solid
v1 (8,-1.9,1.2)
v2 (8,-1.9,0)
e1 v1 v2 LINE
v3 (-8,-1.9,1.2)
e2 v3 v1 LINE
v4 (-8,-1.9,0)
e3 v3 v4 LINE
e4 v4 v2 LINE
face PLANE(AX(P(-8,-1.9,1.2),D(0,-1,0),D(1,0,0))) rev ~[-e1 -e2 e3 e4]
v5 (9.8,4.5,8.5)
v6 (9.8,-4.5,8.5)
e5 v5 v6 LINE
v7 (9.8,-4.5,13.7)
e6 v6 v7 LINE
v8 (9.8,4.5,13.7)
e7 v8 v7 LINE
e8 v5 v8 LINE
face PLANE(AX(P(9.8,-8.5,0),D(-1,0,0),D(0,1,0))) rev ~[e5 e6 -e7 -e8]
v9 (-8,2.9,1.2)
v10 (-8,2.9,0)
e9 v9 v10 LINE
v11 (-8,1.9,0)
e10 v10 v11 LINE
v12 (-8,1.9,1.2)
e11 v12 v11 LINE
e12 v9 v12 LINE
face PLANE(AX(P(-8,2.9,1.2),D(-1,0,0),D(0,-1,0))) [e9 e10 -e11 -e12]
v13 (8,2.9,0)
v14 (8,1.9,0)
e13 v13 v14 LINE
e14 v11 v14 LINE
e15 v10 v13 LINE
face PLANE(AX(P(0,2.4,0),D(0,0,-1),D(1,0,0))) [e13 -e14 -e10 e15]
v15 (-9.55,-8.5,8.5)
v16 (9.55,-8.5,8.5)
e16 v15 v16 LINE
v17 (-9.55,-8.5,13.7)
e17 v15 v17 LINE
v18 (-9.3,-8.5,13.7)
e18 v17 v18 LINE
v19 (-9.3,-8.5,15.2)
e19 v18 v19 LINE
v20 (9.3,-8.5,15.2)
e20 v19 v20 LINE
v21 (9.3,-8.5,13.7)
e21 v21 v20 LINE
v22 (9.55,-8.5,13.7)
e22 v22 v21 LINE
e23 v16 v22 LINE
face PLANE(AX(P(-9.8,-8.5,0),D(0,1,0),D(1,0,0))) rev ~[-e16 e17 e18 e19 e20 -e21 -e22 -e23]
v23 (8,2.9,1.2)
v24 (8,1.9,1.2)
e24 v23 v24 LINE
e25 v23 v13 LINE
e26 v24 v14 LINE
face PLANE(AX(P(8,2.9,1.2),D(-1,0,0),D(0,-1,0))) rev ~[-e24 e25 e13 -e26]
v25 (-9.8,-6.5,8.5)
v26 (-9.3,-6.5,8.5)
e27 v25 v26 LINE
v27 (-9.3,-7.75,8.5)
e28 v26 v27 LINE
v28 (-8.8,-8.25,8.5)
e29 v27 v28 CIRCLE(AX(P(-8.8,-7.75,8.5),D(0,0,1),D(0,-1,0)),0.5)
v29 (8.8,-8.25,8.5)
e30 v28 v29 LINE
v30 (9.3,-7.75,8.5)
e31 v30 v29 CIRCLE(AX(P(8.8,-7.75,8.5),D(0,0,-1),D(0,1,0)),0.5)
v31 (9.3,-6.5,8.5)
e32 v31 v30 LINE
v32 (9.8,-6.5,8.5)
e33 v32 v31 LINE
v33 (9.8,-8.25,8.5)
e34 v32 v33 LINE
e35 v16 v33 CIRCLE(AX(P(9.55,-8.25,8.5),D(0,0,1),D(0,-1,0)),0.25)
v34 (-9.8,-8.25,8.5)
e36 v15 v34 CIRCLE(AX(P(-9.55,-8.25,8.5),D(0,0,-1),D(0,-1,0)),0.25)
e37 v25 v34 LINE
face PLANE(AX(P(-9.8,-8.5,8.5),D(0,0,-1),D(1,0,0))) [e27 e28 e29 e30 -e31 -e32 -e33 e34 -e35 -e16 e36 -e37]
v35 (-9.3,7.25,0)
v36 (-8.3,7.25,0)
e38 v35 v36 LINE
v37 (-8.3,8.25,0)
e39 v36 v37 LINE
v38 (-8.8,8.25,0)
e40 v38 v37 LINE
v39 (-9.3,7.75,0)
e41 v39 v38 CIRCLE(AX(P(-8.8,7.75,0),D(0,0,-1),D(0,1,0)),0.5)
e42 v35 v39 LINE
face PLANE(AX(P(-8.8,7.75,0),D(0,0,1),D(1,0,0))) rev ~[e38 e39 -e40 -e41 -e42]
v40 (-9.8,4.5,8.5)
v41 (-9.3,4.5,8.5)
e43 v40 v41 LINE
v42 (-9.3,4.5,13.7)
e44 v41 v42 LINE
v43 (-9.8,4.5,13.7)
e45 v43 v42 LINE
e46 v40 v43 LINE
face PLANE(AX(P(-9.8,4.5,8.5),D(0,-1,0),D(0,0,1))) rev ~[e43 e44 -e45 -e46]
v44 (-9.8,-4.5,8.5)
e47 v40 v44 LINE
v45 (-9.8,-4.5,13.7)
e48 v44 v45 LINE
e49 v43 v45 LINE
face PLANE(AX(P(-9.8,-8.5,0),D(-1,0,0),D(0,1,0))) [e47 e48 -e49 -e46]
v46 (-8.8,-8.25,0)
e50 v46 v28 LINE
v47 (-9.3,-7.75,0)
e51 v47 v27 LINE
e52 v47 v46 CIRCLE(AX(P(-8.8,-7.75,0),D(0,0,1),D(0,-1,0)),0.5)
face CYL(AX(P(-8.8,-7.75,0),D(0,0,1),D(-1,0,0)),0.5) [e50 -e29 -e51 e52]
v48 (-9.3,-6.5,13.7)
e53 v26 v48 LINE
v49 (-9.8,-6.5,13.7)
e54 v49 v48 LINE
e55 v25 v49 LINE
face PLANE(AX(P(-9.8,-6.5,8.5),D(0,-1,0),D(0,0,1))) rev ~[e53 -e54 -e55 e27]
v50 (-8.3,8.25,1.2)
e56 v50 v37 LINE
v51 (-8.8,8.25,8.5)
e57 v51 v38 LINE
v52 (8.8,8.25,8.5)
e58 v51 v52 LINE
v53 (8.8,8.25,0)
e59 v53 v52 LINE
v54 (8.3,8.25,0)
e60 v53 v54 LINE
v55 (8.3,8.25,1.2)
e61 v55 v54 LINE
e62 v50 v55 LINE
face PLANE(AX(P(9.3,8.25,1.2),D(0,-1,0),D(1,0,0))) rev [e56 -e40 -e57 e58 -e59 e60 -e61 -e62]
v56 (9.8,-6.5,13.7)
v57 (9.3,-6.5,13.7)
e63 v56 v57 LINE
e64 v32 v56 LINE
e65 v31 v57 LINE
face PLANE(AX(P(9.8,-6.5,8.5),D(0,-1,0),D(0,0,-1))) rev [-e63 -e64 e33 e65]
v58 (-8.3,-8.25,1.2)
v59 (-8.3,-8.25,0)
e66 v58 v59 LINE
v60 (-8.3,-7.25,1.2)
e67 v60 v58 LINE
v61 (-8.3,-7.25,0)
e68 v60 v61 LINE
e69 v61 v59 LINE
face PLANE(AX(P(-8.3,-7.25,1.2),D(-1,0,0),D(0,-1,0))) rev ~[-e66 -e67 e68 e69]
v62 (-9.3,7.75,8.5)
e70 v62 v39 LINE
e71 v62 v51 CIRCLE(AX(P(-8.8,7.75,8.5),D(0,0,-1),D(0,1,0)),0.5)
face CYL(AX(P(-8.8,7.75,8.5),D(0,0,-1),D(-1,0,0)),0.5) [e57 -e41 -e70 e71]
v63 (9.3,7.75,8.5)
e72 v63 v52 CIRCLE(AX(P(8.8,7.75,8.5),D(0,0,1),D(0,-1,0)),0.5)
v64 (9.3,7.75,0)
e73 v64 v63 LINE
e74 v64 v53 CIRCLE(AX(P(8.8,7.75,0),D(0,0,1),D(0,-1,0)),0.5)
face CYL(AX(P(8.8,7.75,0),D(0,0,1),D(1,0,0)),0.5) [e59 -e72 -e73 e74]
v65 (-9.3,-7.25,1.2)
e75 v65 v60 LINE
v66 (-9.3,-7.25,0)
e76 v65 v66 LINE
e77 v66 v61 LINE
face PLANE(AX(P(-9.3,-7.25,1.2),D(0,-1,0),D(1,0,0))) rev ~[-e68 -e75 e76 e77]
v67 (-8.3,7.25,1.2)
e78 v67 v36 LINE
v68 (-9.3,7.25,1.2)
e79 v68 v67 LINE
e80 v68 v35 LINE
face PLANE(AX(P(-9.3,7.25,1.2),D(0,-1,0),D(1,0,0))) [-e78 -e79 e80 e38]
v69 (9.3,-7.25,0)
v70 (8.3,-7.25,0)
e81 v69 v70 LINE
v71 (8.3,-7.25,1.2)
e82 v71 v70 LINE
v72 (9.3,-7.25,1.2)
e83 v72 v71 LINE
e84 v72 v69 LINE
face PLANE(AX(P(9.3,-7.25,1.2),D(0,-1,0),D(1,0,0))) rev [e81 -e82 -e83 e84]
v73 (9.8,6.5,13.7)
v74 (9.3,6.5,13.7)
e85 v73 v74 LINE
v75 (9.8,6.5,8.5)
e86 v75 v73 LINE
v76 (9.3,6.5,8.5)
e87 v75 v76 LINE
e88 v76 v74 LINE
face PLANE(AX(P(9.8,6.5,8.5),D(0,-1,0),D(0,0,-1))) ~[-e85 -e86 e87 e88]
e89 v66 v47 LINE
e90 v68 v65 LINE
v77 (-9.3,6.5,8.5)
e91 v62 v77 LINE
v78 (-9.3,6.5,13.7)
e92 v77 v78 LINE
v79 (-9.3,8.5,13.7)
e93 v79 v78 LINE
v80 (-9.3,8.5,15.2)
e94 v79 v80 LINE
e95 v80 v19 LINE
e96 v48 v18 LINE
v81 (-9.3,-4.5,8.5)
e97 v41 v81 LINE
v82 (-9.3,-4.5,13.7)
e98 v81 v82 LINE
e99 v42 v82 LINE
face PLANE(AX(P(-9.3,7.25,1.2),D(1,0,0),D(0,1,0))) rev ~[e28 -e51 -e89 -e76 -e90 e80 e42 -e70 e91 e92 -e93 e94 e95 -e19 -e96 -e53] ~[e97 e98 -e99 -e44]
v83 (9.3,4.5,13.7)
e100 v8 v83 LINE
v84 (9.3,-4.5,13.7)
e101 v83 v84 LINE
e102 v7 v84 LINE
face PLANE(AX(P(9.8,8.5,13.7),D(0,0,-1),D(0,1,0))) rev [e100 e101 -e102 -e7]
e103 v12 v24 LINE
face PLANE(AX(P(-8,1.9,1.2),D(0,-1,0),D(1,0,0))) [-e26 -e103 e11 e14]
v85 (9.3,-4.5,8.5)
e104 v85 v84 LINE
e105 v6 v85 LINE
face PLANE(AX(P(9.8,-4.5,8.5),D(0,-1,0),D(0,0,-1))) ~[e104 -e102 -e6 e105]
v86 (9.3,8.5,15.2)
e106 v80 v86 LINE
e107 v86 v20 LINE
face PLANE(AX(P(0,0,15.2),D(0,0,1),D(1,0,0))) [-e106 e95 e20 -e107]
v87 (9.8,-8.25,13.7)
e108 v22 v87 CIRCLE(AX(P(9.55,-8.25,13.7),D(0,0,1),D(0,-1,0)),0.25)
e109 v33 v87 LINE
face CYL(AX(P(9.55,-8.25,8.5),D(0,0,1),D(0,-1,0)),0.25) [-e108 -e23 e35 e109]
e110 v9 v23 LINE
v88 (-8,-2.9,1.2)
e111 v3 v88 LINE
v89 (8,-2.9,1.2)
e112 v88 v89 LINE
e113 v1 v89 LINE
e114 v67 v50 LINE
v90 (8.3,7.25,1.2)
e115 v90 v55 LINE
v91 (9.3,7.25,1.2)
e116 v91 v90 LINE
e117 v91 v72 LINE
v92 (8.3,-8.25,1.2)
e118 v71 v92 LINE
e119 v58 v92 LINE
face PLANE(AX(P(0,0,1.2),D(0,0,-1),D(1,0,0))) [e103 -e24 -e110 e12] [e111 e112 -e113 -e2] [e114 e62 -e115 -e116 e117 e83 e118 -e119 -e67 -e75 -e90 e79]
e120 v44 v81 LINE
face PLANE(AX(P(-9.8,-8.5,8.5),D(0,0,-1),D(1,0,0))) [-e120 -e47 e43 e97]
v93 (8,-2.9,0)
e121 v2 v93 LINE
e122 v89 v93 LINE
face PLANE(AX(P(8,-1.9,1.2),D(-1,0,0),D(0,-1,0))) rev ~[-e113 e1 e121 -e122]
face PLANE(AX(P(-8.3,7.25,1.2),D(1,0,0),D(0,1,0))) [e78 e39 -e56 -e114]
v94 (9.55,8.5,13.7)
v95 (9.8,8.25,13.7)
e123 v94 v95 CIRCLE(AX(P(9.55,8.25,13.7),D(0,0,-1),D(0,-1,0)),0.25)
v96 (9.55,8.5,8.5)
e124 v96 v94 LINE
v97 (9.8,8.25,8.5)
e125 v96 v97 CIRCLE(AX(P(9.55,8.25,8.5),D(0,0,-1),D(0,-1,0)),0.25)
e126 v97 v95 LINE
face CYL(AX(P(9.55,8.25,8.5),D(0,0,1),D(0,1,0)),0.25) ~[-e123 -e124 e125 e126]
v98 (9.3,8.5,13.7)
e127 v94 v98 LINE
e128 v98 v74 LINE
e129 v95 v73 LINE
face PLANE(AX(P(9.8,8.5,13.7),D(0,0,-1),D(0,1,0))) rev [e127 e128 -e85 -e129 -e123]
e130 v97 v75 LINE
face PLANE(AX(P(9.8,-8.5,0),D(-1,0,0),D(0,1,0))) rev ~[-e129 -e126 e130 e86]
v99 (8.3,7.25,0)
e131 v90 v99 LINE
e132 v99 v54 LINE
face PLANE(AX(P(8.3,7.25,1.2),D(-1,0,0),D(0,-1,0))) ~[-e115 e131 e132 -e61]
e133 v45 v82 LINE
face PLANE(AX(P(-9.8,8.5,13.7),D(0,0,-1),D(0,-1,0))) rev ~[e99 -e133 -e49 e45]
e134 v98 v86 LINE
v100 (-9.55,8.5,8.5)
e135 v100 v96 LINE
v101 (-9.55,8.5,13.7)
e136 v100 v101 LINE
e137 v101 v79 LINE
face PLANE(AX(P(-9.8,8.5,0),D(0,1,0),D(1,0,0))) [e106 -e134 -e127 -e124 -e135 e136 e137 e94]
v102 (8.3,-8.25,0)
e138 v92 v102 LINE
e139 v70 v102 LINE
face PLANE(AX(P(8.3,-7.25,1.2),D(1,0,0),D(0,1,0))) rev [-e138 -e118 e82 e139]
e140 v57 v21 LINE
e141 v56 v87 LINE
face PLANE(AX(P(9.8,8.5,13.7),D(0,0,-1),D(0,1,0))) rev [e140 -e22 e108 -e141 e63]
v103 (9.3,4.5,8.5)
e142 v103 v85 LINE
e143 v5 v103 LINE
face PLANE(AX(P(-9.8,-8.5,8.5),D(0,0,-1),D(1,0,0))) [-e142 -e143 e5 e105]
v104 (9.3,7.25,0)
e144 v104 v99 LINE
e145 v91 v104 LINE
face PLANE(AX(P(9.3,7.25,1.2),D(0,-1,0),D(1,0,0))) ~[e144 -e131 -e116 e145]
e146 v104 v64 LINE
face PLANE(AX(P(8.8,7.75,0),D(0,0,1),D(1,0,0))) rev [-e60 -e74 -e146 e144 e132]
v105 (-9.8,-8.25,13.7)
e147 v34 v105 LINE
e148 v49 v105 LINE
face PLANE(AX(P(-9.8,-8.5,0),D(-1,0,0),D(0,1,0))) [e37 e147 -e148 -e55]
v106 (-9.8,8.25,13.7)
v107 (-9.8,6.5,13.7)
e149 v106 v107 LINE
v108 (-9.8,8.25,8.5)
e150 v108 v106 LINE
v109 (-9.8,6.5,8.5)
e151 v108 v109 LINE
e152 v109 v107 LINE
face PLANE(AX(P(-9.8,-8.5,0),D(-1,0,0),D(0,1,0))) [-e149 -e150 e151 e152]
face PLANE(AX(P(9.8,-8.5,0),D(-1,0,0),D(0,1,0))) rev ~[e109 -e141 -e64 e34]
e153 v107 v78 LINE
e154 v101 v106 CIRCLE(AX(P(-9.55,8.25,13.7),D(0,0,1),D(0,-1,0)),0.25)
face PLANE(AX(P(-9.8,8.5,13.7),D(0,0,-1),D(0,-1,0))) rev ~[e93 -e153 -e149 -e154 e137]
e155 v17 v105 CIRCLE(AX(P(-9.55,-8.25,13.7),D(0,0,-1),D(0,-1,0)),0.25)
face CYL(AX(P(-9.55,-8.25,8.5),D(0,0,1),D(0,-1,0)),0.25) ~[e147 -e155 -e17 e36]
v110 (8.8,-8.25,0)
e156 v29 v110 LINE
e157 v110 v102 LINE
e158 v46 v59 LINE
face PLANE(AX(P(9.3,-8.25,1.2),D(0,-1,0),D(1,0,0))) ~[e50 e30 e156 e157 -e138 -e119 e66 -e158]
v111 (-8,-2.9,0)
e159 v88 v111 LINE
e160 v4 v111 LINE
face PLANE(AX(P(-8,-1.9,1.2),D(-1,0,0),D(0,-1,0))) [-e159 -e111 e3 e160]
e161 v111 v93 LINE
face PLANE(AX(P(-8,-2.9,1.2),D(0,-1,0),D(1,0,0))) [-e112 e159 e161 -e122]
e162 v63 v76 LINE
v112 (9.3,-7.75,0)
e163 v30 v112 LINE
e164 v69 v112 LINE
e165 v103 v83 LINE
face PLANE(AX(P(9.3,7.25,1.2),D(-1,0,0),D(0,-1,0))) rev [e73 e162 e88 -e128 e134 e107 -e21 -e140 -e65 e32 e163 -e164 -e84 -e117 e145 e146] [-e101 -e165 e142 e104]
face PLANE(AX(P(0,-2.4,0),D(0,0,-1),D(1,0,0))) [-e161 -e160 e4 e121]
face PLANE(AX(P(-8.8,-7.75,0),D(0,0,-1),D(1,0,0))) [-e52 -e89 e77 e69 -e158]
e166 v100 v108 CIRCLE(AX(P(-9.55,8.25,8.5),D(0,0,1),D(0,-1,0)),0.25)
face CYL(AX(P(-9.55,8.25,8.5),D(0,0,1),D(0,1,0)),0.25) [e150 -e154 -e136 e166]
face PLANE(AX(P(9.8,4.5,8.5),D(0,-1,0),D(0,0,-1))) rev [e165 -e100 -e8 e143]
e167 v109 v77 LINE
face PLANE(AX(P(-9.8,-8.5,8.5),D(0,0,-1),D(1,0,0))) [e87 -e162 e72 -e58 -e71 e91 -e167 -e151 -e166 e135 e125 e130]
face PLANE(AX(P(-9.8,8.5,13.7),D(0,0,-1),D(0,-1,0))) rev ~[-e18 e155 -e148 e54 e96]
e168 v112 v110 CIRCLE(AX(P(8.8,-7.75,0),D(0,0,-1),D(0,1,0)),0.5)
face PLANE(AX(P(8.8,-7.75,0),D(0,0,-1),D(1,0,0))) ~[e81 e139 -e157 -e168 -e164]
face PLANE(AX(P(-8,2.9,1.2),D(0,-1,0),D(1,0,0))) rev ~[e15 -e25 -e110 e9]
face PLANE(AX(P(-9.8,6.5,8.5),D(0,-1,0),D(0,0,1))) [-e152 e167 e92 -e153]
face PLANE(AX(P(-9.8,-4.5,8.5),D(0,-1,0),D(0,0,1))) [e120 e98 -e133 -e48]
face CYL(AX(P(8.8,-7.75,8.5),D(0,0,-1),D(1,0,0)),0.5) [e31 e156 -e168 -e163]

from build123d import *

# Parameters (mm, degrees)
SKETCH_W                      = 19.6
SKETCH_H                      = 17
PAD_DEPTH                     = 15.7
SKETCH001_W                   = 19.6
SKETCH001_H                   = 8.5
POCKET_DEPTH                  = 0.25
SKETCH002_W                   = 16.5
SKETCH002_H                   = 8.5
POCKET001_DEPTH               = 0.5
SKETCH008_W                   = 19.6
SKETCH008_H                   = 17
POCKET002_DEPTH               = 0.5
SKETCH009_W                   = 17
SKETCH009_H                   = 1.5
POCKET003_DEPTH               = 0.5
SKETCH010_W                   = 2
SKETCH010_H                   = 5.2
POCKET004_DEPTH               = 0.5
SKETCH010_MIRRORED005_2_W     = 2
SKETCH010_MIRRORED005_2_H     = 5.2
POCKET004_MIRRORED005_2_DEPTH = 0.5
SKETCH024_W                   = 19.6
SKETCH024_H                   = 17
POCKET006_DEPTH               = 1.2
SKETCH025_W                   = 16
SKETCH025_H                   = 1
PAD011_DEPTH                  = 1.2
SKETCH038_W                   = 1
SKETCH038_H                   = 1
PAD014_DEPTH                  = 1.2
SKETCH038_MIRRORED012_2_W     = 1
SKETCH038_MIRRORED012_2_H     = 1
PAD014_MIRRORED012_2_DEPTH    = 1.2
FILLET003_R                   = 0.5
FILLET004_R                   = 0.25


with BuildPart() as part:
    # Sketch → Pad (new body)
    with BuildSketch(Plane.XY):
        Rectangle(SKETCH_W, SKETCH_H)
    extrude(amount=PAD_DEPTH)

    # Sketch001 (on Face3 of Pad) → Pocket (cut)
    with BuildSketch(Plane.XZ.offset(8.5)):
        with Locations((0, 4.25)):
            Rectangle(SKETCH001_W, SKETCH001_H)
    pocket = extrude(amount=-POCKET_DEPTH, mode=Mode.SUBTRACT)

    # Mirrored: Pocket across XZ
    add(pocket.mirror(Plane.XZ), mode=Mode.SUBTRACT)

    # Sketch002 (on Face5 of Mirrored) → Pocket001 (cut)
    with BuildSketch(Plane(origin=(-9.8, 0, 0), x_dir=(0, -1, 0), z_dir=(-1, 0, 0))):
        with Locations((0, 4.25)):
            Rectangle(SKETCH002_W, SKETCH002_H)
    pocket001 = extrude(amount=-POCKET001_DEPTH, mode=Mode.SUBTRACT)

    # Mirrored001: Pocket001 across YZ
    add(pocket001.mirror(Plane.YZ), mode=Mode.SUBTRACT)

    # Sketch008 (on Face4 of Mirrored001) → Pocket002 (cut)
    with BuildSketch(Plane.XY.offset(15.7)):
        Rectangle(SKETCH008_W, SKETCH008_H)
    extrude(amount=-POCKET002_DEPTH, mode=Mode.SUBTRACT)

    # Sketch009 (on Face4 of Pocket002) → Pocket003 (cut)
    with BuildSketch(Plane(origin=(-9.8, 0, 0), x_dir=(0, -1, 0), z_dir=(-1, 0, 0))):
        with Locations((0, 14.45)):
            Rectangle(SKETCH009_W, SKETCH009_H)
    pocket003 = extrude(amount=-POCKET003_DEPTH, mode=Mode.SUBTRACT)

    # Mirrored004: Pocket003 across YZ
    add(pocket003.mirror(Plane.YZ), mode=Mode.SUBTRACT)

    # Sketch010 (on Face8 of Mirrored004) → Pocket004 (cut)
    with BuildSketch(Plane(origin=(-9.8, 0, 0), x_dir=(0, -1, 0), z_dir=(-1, 0, 0))):
        with Locations((-5.5, 11.1)):
            Rectangle(SKETCH010_W, SKETCH010_H)
    pocket004 = extrude(amount=-POCKET004_DEPTH, mode=Mode.SUBTRACT)

    # Sketch010 Mirrored005 2 → Pocket004 Mirrored005 2 (cut)
    with BuildSketch(Plane.YZ.offset(-9.8)):
        with Locations((-5.5, 11.1)):
            Rectangle(SKETCH010_MIRRORED005_2_W, SKETCH010_MIRRORED005_2_H)
    pocket004_mirrored005_2 = extrude(amount=POCKET004_MIRRORED005_2_DEPTH, mode=Mode.SUBTRACT)

    # Mirrored006: Pocket004, Pocket004 Mirrored005 2 across YZ
    add(pocket004.mirror(Plane.YZ), mode=Mode.SUBTRACT)
    add(pocket004_mirrored005_2.mirror(Plane.YZ), mode=Mode.SUBTRACT)

    # Sketch024 (on Face13 of MultiTransform) → Pocket006 (cut)
    with BuildSketch(Plane(origin=(0, 0, 0), x_dir=(1, 0, 0), z_dir=(0, 0, -1))):
        Rectangle(SKETCH024_W, SKETCH024_H)
    extrude(amount=-POCKET006_DEPTH, mode=Mode.SUBTRACT)

    # Sketch025 (on Face12 of Pocket006) → Pad011 (join)
    with BuildSketch(Plane(origin=(0, 0, 1.2), x_dir=(1, 0, 0), z_dir=(0, 0, -1))):
        with Locations((0, 2.4)):
            Rectangle(SKETCH025_W, SKETCH025_H)
        with Locations((0, -2.4)):
            Rectangle(SKETCH025_W, SKETCH025_H)
    extrude(amount=PAD011_DEPTH)

    # Sketch038 (on Face12 of Pad011) → Pad014 (join)
    with BuildSketch(Plane(origin=(0, 0, 1.2), x_dir=(1, 0, 0), z_dir=(0, 0, -1))):
        with Locations((-8.8, 7.75)):
            Rectangle(SKETCH038_W, SKETCH038_H)
    pad014 = extrude(amount=PAD014_DEPTH)

    # Sketch038 Mirrored012 2 → Pad014 Mirrored012 2 (add)
    with BuildSketch(Plane.XY.offset(1.2)):
        with Locations((-8.8, 7.75)):
            Rectangle(SKETCH038_MIRRORED012_2_W, SKETCH038_MIRRORED012_2_H)
    pad014_mirrored012_2 = extrude(amount=-PAD014_MIRRORED012_2_DEPTH)

    # Mirrored013: Pad014, Pad014 Mirrored012 2 across YZ
    add(pad014.mirror(Plane.YZ))
    add(pad014_mirrored012_2.mirror(Plane.YZ))

    # Fillet003
    fillet003_edges = [part.edges().sort_by_distance(p)[0] for p in [
        (9.3, -8.25, 4.25),
        (-9.3, -8.25, 4.25),
        (9.3, 8.25, 4.25),
        (-9.3, 8.25, 4.25),
    ]]
    fillet(fillet003_edges, radius=FILLET003_R)

    # Fillet004
    fillet004_edges = [part.edges().sort_by_distance(p)[0] for p in [
        (-9.8, 8.5, 11.1),
        (-9.8, -8.5, 11.1),
        (9.8, 8.5, 11.1),
        (9.8, -8.5, 11.1),
    ]]
    fillet(fillet004_edges, radius=FILLET004_R)


solid = part.part
